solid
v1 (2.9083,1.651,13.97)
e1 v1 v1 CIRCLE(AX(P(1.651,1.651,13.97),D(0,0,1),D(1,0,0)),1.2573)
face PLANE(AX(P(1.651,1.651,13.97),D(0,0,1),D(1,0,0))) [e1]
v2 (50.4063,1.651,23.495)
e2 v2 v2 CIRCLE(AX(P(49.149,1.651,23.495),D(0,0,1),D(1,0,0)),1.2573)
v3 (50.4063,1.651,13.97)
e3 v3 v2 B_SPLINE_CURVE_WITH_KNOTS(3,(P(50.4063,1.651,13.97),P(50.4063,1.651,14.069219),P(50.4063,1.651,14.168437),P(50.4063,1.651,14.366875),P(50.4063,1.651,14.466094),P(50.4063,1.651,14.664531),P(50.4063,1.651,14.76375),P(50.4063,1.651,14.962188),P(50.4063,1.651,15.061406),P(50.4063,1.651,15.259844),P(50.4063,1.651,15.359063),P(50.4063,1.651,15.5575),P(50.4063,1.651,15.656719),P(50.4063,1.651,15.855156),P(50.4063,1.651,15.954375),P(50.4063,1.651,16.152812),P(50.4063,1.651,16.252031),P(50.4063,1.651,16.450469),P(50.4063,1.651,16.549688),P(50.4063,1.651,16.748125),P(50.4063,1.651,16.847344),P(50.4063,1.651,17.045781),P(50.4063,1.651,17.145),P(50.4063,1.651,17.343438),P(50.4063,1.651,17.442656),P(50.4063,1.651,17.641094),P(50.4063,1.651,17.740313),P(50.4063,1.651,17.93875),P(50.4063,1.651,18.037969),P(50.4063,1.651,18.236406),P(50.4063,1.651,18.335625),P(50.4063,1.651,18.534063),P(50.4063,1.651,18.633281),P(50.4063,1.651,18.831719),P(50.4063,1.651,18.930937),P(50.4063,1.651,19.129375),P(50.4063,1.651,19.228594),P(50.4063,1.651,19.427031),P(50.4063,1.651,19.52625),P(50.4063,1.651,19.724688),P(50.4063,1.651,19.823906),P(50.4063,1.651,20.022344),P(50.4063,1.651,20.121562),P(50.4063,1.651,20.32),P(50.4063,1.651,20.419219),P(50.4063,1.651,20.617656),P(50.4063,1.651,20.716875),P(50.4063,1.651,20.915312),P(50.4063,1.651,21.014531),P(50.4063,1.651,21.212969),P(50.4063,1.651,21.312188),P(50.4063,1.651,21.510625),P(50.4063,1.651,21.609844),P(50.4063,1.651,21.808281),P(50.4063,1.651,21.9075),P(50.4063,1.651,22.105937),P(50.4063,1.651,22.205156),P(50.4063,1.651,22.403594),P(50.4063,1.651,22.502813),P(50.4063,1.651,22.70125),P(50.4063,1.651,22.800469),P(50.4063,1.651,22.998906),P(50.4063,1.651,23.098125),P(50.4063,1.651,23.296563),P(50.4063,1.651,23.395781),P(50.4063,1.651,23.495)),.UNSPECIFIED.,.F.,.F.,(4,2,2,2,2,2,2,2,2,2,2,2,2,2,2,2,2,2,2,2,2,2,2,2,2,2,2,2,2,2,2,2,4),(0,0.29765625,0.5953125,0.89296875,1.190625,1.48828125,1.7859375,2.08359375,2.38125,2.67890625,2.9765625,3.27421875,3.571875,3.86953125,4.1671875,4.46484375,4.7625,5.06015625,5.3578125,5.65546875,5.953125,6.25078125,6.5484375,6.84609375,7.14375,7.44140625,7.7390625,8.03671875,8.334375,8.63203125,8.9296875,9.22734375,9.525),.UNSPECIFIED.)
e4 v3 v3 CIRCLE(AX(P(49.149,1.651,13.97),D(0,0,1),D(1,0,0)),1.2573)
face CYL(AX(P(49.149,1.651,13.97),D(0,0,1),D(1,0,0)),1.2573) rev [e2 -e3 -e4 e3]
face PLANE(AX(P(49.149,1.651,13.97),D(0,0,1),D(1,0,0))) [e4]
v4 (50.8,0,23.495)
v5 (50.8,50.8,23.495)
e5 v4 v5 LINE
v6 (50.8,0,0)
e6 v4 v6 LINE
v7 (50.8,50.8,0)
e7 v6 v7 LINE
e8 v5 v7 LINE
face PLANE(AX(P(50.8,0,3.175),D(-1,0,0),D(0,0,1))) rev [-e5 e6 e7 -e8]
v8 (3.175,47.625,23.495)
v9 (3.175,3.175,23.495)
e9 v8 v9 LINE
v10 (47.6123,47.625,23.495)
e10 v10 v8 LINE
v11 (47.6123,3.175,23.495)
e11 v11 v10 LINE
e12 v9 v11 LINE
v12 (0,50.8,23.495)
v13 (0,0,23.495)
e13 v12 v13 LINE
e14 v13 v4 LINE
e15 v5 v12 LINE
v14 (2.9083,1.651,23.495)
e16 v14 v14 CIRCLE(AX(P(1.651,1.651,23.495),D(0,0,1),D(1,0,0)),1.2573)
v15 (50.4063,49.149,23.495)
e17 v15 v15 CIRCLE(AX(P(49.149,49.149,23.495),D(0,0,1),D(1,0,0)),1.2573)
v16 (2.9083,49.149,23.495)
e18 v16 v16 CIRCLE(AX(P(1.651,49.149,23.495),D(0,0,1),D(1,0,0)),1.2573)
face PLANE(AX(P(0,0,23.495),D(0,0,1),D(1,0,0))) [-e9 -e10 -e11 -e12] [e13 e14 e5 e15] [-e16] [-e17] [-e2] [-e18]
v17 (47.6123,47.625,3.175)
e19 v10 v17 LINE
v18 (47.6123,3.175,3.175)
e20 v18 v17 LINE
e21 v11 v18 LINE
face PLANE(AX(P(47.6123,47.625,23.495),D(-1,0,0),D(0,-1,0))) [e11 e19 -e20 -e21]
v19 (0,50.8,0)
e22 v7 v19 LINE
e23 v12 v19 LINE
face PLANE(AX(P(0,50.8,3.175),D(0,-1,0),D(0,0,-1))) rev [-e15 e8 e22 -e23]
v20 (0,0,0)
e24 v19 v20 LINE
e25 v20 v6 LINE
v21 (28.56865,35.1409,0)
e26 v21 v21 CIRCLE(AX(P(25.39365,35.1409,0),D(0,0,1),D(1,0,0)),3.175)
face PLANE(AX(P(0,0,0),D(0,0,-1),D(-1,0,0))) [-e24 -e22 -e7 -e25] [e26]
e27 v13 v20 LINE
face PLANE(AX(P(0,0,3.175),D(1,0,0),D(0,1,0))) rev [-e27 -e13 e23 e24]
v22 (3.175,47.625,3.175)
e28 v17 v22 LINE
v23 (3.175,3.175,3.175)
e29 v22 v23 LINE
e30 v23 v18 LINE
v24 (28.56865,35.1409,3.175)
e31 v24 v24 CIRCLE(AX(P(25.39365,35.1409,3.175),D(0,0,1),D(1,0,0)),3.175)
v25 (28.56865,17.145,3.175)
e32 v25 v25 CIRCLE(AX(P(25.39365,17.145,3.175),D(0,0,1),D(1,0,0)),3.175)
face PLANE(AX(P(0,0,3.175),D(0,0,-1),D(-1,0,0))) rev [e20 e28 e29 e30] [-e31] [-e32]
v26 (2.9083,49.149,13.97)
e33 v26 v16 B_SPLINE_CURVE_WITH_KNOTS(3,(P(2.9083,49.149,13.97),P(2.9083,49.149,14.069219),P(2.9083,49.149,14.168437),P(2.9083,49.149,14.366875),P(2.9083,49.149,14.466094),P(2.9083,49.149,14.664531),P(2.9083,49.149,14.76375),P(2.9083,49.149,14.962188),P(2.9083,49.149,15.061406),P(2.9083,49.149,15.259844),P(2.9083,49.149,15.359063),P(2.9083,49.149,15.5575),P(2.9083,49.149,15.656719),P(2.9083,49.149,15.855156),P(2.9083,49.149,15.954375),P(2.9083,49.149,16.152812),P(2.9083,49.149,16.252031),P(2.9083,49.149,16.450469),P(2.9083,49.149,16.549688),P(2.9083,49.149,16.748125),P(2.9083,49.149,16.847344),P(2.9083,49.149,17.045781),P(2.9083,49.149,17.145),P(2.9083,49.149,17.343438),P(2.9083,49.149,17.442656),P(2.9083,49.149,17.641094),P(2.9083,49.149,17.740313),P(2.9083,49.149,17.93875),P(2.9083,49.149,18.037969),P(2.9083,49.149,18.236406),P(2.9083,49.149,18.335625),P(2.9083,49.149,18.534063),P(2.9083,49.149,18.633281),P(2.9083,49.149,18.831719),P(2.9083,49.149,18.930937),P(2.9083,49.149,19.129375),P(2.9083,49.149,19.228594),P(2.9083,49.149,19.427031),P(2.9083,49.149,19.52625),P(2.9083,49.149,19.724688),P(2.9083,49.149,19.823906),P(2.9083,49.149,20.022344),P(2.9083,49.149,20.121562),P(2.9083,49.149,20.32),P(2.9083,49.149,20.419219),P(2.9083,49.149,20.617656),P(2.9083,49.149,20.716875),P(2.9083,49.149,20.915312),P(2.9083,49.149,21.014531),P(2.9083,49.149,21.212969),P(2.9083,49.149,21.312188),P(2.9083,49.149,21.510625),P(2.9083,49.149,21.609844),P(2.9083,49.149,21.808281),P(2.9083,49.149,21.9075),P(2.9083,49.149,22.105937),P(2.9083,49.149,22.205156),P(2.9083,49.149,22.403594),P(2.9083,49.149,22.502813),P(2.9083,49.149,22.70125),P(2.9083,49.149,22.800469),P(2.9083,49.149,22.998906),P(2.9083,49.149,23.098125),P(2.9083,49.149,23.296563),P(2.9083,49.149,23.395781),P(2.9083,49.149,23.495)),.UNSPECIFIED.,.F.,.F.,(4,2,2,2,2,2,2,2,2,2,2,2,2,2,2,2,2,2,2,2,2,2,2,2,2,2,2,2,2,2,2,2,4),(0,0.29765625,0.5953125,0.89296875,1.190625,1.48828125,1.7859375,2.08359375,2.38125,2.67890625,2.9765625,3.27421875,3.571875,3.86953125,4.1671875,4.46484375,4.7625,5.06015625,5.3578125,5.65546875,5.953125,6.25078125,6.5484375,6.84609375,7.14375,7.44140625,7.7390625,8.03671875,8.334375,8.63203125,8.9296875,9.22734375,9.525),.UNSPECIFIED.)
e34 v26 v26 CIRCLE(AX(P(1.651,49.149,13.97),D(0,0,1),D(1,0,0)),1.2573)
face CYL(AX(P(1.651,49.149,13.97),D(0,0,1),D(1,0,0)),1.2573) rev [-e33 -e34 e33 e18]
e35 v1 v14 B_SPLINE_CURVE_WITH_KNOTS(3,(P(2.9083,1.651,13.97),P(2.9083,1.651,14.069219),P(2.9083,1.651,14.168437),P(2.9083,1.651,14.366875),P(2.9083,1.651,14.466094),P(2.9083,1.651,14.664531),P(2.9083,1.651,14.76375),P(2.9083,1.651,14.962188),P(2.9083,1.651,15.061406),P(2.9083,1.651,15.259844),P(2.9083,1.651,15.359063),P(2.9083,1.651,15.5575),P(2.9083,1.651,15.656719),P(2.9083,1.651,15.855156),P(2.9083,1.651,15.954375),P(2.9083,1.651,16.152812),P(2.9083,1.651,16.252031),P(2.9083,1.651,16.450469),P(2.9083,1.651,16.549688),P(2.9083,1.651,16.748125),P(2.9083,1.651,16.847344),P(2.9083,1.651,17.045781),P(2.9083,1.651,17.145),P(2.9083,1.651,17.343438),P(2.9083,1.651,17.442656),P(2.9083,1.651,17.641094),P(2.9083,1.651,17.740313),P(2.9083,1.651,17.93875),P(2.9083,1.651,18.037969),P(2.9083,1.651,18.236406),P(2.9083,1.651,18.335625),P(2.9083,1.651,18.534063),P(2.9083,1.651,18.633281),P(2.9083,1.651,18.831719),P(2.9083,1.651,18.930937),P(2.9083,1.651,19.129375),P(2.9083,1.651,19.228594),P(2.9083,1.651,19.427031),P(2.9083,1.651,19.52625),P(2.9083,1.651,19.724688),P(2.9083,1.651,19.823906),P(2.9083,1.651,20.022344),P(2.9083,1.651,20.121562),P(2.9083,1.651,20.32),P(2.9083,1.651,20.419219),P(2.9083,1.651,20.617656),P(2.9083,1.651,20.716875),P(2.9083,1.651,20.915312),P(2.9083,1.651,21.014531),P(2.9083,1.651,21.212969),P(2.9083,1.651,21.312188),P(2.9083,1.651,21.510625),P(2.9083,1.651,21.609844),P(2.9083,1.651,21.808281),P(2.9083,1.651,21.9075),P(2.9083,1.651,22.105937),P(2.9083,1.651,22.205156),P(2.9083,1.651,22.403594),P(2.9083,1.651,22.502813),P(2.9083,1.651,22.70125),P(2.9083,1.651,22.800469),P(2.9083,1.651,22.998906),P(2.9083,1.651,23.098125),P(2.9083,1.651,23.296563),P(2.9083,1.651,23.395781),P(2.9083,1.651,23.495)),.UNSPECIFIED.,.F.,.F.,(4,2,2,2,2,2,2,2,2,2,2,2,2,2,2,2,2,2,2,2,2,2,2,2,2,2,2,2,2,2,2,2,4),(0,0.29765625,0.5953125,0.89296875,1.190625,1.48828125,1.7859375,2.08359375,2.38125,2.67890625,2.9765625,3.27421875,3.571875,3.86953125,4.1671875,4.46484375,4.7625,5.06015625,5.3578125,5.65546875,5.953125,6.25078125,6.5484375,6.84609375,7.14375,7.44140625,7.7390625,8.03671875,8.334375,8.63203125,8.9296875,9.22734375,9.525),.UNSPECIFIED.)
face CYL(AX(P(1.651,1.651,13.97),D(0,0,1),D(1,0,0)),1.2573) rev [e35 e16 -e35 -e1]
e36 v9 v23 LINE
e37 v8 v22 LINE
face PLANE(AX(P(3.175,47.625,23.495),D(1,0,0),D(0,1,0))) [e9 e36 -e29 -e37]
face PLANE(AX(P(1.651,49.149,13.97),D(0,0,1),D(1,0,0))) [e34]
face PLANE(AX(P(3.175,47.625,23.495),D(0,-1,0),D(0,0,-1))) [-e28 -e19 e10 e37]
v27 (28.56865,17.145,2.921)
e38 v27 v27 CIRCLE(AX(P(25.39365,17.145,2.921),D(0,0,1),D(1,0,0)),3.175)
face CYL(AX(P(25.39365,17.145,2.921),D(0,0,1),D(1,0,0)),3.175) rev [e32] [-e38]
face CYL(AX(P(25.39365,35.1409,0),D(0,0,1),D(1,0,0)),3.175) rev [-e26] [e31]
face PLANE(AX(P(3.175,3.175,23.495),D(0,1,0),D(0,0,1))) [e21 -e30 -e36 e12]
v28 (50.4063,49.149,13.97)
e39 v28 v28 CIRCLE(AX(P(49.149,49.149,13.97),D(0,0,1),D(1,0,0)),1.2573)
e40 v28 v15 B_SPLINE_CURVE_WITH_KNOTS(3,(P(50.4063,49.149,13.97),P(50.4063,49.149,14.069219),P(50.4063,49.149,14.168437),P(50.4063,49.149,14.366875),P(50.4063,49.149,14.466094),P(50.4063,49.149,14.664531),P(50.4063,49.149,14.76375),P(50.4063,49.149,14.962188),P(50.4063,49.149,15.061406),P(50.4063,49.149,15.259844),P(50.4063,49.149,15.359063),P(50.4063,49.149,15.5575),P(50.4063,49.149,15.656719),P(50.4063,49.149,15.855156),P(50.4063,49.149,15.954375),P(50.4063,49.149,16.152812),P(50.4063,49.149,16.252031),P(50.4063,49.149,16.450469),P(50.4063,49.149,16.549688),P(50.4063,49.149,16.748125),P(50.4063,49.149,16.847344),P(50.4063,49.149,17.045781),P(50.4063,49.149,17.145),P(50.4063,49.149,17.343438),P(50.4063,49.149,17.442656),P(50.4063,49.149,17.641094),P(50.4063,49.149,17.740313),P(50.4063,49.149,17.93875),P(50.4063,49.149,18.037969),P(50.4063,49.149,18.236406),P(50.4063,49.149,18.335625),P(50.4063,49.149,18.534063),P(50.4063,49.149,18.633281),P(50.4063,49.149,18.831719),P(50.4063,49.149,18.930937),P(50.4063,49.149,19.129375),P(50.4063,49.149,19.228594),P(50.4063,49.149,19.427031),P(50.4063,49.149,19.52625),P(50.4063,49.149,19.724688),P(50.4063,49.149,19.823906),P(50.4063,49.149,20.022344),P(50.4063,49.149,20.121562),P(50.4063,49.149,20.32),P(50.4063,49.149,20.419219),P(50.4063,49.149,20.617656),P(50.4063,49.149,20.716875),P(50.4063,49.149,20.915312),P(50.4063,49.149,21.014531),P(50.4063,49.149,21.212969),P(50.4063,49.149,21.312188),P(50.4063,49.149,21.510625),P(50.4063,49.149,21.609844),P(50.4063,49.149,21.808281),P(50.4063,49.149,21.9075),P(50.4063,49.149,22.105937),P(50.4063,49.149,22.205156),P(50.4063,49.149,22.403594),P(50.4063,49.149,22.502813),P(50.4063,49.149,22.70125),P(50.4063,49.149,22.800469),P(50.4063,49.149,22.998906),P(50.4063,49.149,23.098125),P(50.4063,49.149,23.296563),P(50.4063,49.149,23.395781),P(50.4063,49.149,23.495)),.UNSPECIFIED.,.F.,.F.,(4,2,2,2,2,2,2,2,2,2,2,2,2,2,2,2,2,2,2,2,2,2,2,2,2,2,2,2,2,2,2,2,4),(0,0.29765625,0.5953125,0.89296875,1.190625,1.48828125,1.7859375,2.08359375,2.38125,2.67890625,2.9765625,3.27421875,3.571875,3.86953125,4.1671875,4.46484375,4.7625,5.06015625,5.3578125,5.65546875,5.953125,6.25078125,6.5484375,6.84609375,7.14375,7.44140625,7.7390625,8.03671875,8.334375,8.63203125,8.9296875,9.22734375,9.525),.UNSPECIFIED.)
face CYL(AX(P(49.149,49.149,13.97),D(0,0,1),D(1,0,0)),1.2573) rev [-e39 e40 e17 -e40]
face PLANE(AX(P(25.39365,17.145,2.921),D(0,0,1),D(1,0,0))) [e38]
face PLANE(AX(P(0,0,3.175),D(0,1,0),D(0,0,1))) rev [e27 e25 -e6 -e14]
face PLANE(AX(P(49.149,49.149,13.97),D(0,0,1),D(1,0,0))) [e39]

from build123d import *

# Parameters (mm, degrees)
SKETCH1_W           = 50.8
SKETCH1_H           = 50.8
BOSS_EXTRUDE1_DEPTH = 3.175
SKETCH3_W           = 50.8
SKETCH3_H           = 50.8
SKETCH3_W_2         = 44.4373
SKETCH3_H_2         = 44.45
BOSS_EXTRUDE2_DEPTH = 20.32
SKETCH4_R           = 3.175
CUT_EXTRUDE1_DEPTH  = 0.254
SKETCH6_R           = 1.2573
CUT_EXTRUDE2_DEPTH  = 9.525
SKETCH4_3_R         = 3.175
CUT_EXTRUDE3_DEPTH  = 75.66044736


with BuildPart() as part:
    # Sketch1 → Boss-Extrude1 (new body)
    with BuildSketch(Plane.XY):
        with Locations((25.4, 25.4)):
            Rectangle(SKETCH1_W, SKETCH1_H)
    extrude(amount=BOSS_EXTRUDE1_DEPTH)

    # Sketch3 → Boss-Extrude2 (add)
    with BuildSketch(Plane.XY.offset(3.175)):
        with Locations((25.4, 25.4)):
            Rectangle(SKETCH3_W, SKETCH3_H)
        with Locations((25.39365, 25.4)):
            Rectangle(SKETCH3_W_2, SKETCH3_H_2, mode=Mode.SUBTRACT)
    extrude(amount=BOSS_EXTRUDE2_DEPTH)

    # Sketch4 → Cut-Extrude1 (cut)
    with BuildSketch(Plane.XY.offset(3.175)):
        with Locations((25.39365, 17.145)):
            Circle(SKETCH4_R)
    extrude(amount=-CUT_EXTRUDE1_DEPTH, mode=Mode.SUBTRACT)

    # Sketch6 → Cut-Extrude2 (cut)
    with BuildSketch(Plane.XY.offset(23.495)):
        with Locations((1.651, 49.149)):
            Circle(SKETCH6_R)
        with Locations((49.149, 49.149)):
            Circle(SKETCH6_R)
        with Locations((49.149, 1.651)):
            Circle(SKETCH6_R)
        with Locations((1.651, 1.651)):
            Circle(SKETCH6_R)
    extrude(amount=-CUT_EXTRUDE2_DEPTH, mode=Mode.SUBTRACT)

    # Sketch4<3> → Cut-Extrude3 (cut, through all)
    with BuildSketch(Plane.XY.offset(3.175)):
        with Locations((25.39365, 35.1409)):
            Circle(SKETCH4_3_R)
    extrude(amount=-CUT_EXTRUDE3_DEPTH, mode=Mode.SUBTRACT)


solid = part.part
